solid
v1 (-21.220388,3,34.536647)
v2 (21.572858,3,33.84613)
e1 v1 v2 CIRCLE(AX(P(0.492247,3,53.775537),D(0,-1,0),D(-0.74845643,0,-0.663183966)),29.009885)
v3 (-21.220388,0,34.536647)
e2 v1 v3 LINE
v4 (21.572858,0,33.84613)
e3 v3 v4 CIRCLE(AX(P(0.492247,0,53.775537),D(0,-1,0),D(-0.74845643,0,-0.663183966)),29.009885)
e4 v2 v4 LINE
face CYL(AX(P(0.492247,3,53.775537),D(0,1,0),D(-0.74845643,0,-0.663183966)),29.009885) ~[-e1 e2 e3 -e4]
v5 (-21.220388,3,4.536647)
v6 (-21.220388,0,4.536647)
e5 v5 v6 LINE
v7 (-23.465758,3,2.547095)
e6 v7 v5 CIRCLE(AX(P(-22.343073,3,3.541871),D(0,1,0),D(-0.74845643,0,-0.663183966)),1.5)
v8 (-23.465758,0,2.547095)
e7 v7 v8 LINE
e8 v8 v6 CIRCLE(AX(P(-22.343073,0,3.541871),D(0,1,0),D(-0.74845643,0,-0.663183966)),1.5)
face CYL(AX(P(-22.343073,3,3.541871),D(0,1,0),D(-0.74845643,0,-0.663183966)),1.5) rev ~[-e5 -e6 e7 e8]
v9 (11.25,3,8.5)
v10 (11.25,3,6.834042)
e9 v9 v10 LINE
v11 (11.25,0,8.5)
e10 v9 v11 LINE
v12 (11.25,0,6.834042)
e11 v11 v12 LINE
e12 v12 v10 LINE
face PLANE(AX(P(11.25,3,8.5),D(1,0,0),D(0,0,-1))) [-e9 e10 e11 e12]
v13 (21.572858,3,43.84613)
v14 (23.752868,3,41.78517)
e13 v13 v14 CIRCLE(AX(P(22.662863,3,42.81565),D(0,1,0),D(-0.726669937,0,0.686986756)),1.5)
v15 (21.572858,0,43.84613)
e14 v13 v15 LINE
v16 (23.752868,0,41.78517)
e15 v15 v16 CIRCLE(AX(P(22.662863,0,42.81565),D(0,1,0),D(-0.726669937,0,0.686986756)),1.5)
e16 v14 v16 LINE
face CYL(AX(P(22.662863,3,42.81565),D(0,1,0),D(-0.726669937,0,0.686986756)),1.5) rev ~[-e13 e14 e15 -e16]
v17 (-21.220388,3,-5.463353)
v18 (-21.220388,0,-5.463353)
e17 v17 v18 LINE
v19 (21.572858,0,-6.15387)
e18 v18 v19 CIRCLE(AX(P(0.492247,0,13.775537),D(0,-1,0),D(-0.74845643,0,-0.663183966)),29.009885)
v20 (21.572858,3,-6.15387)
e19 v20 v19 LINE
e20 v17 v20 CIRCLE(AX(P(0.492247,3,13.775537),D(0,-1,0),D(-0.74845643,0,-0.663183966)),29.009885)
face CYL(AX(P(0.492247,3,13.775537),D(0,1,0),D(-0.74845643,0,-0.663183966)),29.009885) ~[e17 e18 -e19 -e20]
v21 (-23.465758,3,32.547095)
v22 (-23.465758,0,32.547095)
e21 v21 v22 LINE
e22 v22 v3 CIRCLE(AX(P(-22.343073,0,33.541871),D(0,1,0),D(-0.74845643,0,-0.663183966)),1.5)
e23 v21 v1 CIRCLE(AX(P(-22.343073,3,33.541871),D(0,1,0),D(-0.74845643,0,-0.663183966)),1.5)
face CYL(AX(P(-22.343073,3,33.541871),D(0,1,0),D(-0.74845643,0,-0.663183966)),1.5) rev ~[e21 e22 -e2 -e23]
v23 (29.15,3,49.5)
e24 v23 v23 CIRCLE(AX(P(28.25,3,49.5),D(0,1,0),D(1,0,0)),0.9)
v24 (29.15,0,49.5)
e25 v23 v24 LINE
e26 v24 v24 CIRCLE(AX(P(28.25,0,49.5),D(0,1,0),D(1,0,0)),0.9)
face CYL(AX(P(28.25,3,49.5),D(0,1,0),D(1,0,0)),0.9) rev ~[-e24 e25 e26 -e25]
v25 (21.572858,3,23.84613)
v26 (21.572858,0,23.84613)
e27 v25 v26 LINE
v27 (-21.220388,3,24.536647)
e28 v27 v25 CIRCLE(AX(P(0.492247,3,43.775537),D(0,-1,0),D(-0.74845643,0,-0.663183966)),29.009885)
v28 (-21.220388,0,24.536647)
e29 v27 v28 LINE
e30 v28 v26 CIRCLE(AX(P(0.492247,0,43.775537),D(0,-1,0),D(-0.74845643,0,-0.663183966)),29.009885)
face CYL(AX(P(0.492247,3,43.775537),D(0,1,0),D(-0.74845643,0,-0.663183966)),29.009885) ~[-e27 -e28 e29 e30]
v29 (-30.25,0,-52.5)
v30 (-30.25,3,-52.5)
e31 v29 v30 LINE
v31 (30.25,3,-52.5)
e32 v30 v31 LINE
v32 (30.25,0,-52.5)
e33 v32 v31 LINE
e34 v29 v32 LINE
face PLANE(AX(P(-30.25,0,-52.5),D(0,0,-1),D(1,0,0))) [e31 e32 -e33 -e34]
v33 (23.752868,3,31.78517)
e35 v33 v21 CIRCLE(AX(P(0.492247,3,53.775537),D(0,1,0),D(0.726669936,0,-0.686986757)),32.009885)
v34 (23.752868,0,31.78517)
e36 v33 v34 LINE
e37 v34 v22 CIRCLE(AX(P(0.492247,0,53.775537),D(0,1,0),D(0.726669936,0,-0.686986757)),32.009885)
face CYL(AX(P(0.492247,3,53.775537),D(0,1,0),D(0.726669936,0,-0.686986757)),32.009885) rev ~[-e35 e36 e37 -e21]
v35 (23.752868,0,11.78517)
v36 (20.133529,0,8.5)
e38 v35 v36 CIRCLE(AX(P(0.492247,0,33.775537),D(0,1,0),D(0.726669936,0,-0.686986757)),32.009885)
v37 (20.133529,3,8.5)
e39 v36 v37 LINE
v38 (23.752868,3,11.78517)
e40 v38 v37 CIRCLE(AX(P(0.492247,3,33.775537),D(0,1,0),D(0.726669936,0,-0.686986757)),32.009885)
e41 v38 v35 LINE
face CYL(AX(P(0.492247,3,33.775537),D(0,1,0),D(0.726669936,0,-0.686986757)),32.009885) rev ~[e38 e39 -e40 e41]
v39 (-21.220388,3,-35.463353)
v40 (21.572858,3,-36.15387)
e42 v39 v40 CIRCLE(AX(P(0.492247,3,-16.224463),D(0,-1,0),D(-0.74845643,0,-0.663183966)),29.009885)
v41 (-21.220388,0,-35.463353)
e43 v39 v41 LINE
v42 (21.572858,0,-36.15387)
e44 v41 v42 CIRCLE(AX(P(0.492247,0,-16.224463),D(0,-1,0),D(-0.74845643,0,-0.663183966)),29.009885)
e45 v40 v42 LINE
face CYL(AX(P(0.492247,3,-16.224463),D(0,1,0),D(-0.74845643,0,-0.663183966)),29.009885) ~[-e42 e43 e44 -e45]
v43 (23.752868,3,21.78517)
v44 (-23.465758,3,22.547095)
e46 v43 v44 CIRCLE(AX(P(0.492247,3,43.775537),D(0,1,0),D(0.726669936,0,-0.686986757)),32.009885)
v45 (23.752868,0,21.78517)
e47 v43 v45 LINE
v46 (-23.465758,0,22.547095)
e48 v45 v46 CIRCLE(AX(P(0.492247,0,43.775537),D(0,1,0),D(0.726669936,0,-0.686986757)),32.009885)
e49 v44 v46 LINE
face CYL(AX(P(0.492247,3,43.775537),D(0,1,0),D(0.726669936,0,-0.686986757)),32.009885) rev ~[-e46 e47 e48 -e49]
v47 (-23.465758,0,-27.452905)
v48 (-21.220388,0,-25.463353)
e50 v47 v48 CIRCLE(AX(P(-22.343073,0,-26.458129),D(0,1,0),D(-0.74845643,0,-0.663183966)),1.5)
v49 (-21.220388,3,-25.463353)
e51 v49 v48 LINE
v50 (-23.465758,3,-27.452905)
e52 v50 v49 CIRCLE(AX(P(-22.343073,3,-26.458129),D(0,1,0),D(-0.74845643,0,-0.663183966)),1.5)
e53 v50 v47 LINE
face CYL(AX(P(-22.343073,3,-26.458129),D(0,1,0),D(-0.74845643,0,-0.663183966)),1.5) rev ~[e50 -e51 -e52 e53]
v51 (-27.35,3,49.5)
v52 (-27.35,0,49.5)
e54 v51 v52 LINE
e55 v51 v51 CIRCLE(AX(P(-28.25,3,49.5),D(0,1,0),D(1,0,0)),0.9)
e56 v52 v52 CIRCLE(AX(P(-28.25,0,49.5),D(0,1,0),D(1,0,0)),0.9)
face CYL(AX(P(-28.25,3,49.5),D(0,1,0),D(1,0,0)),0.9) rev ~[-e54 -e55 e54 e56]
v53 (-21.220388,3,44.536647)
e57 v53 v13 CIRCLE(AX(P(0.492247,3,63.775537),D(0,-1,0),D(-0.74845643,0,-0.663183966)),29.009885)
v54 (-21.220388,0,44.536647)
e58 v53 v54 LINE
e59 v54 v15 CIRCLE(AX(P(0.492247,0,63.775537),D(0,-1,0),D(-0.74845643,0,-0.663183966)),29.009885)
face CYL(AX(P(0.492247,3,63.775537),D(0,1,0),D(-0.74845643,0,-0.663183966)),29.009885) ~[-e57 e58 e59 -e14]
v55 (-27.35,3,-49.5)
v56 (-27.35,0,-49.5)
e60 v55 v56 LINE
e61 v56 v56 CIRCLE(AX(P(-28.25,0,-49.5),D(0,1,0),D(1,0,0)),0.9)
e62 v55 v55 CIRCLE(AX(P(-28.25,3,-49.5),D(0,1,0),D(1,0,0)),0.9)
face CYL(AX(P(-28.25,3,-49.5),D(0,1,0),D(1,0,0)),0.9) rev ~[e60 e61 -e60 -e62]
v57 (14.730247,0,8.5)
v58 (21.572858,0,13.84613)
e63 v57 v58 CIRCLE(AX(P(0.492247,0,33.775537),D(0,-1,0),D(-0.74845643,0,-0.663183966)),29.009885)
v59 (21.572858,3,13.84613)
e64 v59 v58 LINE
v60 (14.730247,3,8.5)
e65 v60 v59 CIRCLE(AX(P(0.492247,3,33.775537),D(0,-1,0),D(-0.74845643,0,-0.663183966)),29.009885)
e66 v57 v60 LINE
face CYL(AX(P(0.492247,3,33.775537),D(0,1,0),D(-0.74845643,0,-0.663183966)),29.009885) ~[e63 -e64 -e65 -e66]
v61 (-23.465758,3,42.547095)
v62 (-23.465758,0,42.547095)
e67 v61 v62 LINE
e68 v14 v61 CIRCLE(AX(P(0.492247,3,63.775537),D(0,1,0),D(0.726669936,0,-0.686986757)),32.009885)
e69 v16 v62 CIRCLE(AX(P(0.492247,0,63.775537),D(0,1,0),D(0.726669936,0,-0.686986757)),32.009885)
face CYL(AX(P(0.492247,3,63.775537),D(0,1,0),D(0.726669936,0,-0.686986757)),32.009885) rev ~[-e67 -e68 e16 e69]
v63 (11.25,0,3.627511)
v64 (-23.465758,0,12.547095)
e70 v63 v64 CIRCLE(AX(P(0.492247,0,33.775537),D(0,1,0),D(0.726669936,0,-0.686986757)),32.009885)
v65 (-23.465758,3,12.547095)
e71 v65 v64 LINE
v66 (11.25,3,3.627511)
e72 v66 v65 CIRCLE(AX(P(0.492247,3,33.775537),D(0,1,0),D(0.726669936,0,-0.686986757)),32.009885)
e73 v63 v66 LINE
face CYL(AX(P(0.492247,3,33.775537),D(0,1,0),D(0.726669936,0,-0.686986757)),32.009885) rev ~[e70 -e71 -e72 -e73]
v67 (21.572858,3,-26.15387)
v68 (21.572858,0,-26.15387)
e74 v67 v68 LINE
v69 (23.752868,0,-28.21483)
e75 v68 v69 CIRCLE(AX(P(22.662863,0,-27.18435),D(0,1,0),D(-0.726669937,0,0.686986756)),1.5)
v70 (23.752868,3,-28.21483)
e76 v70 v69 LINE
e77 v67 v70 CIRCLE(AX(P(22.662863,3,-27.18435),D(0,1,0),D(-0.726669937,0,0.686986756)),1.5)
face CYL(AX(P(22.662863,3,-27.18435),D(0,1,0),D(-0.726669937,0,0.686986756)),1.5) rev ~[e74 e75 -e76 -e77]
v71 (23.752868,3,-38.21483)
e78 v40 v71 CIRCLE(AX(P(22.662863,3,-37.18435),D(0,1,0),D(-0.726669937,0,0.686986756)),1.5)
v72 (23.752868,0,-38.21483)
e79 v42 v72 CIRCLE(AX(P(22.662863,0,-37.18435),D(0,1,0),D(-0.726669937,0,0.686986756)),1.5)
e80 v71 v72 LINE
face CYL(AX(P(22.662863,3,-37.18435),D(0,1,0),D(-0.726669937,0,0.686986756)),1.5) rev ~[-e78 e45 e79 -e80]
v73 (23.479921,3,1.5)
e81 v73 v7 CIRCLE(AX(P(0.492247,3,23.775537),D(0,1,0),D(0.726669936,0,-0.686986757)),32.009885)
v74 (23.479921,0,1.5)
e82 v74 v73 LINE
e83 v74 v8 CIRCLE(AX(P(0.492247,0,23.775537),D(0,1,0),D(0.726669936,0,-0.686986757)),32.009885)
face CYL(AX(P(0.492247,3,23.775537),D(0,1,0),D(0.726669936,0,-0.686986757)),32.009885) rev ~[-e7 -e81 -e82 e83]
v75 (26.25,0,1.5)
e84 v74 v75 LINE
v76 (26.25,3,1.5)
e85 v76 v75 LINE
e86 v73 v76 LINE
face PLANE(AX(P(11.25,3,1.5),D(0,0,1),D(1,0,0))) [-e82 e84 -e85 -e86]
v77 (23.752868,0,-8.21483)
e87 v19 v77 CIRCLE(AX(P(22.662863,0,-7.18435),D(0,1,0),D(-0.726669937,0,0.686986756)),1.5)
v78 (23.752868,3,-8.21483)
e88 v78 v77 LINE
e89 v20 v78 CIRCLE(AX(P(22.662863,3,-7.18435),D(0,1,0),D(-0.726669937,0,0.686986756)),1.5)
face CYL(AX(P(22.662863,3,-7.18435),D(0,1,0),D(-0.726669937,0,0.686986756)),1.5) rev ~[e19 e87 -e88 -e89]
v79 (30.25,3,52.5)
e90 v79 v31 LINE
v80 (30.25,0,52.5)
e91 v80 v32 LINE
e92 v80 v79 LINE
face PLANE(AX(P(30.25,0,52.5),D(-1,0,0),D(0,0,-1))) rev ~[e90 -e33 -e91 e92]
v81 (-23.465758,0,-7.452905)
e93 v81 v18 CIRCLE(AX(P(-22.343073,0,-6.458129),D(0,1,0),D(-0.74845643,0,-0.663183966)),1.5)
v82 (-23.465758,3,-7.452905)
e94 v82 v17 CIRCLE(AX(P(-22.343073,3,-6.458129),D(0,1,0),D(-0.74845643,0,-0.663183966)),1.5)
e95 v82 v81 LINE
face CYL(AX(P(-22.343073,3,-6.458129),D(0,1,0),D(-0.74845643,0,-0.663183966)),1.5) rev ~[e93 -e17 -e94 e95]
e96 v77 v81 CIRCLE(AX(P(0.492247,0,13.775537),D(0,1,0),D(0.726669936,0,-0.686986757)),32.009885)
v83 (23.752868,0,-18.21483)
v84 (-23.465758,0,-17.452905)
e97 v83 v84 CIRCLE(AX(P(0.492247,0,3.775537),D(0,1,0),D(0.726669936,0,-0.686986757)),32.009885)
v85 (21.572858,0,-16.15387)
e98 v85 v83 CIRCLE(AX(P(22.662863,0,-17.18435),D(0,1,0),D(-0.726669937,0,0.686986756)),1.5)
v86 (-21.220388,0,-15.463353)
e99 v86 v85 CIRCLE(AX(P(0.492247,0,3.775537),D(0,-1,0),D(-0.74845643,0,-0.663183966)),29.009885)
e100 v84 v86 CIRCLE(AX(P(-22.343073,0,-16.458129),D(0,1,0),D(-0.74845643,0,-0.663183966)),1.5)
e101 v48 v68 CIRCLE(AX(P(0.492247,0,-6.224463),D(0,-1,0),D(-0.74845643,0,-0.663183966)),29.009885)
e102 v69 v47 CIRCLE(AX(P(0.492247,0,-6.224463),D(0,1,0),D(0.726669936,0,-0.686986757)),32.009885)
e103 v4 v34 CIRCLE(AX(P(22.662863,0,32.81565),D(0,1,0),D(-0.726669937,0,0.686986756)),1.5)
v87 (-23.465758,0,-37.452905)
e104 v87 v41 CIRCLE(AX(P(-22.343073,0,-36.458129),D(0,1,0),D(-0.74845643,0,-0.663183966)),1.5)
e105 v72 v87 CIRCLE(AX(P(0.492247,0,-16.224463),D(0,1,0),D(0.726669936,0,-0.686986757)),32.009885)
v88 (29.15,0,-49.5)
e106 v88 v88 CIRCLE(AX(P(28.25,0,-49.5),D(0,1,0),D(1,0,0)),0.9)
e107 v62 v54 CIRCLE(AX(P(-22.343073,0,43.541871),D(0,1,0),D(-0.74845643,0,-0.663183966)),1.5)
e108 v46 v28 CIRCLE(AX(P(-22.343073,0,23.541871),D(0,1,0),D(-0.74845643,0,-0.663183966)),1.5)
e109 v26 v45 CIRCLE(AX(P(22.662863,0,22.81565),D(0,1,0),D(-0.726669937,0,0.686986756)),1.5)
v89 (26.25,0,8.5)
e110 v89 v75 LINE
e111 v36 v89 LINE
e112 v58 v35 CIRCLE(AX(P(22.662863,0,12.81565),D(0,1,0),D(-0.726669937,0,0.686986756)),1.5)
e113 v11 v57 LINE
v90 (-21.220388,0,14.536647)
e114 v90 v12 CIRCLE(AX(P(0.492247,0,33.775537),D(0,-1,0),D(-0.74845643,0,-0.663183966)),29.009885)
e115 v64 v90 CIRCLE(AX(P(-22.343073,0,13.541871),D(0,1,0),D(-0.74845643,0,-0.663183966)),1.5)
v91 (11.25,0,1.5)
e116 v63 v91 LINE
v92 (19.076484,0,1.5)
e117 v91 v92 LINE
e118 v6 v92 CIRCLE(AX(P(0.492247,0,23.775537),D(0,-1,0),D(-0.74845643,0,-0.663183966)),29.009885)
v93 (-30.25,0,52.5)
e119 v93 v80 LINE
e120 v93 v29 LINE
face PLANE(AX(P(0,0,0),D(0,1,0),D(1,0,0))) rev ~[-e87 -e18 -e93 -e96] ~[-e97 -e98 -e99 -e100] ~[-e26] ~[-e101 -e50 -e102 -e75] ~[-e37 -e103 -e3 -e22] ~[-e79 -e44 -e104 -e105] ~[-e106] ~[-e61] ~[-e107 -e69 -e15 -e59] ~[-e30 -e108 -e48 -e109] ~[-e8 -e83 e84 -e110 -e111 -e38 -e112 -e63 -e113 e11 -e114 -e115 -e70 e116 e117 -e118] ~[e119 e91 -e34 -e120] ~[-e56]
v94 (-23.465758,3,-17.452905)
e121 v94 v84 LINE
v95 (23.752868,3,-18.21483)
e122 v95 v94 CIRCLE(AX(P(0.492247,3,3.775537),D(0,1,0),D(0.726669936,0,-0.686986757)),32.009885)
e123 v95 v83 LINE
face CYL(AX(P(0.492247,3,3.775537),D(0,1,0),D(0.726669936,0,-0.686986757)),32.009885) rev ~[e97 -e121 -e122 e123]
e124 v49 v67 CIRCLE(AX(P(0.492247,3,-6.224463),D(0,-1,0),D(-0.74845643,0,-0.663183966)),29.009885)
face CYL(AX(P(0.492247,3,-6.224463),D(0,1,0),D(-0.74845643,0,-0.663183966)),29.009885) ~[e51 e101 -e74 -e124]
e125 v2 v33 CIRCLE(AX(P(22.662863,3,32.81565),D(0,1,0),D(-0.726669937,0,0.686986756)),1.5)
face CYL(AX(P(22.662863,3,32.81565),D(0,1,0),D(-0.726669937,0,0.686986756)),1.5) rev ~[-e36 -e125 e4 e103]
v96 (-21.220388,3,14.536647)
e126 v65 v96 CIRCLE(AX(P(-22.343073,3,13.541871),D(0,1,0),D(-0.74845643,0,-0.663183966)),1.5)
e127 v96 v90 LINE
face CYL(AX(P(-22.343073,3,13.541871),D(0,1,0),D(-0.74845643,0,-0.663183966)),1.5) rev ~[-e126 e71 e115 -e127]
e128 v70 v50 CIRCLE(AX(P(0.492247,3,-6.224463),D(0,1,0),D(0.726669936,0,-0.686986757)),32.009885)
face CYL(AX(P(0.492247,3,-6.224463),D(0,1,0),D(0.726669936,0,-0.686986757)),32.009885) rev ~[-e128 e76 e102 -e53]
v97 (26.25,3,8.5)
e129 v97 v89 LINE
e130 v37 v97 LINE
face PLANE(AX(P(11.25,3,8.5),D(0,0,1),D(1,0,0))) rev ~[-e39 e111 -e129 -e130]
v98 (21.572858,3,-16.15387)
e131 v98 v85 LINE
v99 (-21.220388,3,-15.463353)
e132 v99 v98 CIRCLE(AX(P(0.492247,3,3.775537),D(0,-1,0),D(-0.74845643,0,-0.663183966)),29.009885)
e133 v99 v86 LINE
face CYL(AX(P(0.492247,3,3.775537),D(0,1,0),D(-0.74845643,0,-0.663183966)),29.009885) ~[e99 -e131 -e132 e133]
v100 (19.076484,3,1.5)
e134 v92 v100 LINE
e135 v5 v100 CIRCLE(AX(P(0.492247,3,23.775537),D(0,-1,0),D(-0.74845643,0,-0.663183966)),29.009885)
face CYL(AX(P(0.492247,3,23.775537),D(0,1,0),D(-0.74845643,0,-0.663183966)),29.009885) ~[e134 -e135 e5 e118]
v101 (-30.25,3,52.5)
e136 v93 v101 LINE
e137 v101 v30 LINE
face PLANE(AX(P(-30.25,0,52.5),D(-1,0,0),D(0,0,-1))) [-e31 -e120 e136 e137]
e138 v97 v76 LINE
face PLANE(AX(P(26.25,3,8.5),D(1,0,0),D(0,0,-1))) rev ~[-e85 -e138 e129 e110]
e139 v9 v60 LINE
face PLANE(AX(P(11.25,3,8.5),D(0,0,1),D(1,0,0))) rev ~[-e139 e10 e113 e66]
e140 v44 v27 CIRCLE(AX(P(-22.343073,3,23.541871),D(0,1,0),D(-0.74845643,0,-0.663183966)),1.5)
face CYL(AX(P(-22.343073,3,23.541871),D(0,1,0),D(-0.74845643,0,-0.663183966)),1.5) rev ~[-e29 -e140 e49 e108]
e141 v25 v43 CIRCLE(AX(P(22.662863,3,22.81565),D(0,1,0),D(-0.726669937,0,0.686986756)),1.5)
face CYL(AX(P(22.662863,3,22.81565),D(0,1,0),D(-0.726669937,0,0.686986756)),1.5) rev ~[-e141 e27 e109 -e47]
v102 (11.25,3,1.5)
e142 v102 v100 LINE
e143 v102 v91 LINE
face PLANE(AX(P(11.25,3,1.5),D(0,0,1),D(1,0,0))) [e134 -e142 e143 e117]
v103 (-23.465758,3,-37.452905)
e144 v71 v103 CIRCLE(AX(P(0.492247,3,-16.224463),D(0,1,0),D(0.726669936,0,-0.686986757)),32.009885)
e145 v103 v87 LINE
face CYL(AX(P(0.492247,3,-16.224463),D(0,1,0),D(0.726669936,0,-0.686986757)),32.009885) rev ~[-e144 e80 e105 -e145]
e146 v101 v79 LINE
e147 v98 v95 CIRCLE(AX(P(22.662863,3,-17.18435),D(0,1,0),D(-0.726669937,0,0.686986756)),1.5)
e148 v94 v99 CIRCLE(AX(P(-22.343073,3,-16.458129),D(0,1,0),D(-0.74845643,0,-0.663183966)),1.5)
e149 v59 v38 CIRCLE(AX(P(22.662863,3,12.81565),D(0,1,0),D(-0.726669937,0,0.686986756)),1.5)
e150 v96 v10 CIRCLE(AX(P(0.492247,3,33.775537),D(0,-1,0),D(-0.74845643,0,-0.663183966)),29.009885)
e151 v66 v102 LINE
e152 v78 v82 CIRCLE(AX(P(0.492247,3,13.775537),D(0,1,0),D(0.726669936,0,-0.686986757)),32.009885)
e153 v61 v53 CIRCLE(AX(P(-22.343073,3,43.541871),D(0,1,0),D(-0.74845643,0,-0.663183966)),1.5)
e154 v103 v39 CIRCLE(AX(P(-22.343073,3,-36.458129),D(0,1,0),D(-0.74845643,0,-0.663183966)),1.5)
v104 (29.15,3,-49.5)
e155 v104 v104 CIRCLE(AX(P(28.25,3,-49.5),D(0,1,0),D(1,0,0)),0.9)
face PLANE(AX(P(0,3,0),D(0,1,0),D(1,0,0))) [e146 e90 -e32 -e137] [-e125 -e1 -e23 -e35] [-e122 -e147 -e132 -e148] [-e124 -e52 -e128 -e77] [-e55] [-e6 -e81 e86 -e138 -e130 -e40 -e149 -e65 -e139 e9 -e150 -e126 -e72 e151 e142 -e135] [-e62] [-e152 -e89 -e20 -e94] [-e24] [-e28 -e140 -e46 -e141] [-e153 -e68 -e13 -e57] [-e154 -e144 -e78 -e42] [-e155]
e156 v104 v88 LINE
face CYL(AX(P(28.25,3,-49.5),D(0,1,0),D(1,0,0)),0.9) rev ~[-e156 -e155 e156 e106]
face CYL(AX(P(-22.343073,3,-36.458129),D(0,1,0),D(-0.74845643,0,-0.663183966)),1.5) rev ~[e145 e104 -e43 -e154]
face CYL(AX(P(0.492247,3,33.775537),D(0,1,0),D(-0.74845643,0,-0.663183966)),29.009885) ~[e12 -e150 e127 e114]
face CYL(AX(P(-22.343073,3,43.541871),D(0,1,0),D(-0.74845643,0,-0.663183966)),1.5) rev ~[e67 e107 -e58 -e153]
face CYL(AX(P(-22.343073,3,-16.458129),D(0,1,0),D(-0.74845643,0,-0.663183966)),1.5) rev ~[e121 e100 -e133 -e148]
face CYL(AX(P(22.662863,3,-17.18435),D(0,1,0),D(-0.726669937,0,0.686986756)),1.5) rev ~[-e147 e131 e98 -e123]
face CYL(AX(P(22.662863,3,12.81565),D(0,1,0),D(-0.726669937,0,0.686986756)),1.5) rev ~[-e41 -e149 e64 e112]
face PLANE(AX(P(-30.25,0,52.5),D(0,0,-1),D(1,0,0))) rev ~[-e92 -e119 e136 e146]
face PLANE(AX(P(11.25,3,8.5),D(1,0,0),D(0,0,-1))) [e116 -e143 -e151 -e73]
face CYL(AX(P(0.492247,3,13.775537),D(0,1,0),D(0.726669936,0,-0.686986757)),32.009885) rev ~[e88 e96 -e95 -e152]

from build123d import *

# Parameters (mm, degrees)
SKETCH1_W           = 60.5
SKETCH1_H           = 105
BOSS_EXTRUDE1_DEPTH = 3
SKETCH2_R           = 0.9
CUT_EXTRUDE1_DEPTH  = 3
SKETCH4_R           = 0.9
CUT_EXTRUDE2_DEPTH  = 3
SKETCH5_W           = 15
SKETCH5_H           = 7
CUT_EXTRUDE3_DEPTH  = 3
CUT_EXTRUDE4_DEPTH  = 3


with BuildPart() as part:
    # Sketch1 → Boss-Extrude1 (new body)
    with BuildSketch(Plane(origin=(0, 0, 0), x_dir=(1, 0, 0), z_dir=(0, 1, 0))):
        Rectangle(SKETCH1_W, SKETCH1_H)
    extrude(amount=BOSS_EXTRUDE1_DEPTH)

    # Sketch2 → Cut-Extrude1 (cut)
    with BuildSketch(Plane(origin=(0, 3, 0), x_dir=(1, 0, 0), z_dir=(0, 1, 0))):
        with Locations((-28.25, 49.5)):
            Circle(SKETCH2_R)
        with Locations((28.25, 49.5)):
            Circle(SKETCH2_R)
    extrude(amount=-CUT_EXTRUDE1_DEPTH, mode=Mode.SUBTRACT)

    # Sketch4 → Cut-Extrude2 (cut)
    with BuildSketch(Plane(origin=(0, 3, 0), x_dir=(1, 0, 0), z_dir=(0, 1, 0))):
        with Locations((-28.25, -49.5)):
            Circle(SKETCH4_R)
        with Locations((28.25, -49.5)):
            Circle(SKETCH4_R)
    extrude(amount=-CUT_EXTRUDE2_DEPTH, mode=Mode.SUBTRACT)

    # Sketch5 → Cut-Extrude3 (cut)
    with BuildSketch(Plane(origin=(0, 3, 0), x_dir=(1, 0, 0), z_dir=(0, 1, 0))):
        with Locations((18.75, -5)):
            Rectangle(SKETCH5_W, SKETCH5_H)
    extrude(amount=-CUT_EXTRUDE3_DEPTH, mode=Mode.SUBTRACT)

    # Sketch6 → Cut-Extrude4 (cut)
    with BuildSketch(Plane(origin=(0, 3, 0), x_dir=(1, 0, 0), z_dir=(0, 1, 0))):
        with BuildLine():
            ThreePointArc((23.75286773, 38.214829885), (-0.024201003, 48.23018139), (-23.465757765, 37.452905298))
            ThreePointArc((-23.465757765, 37.452905298), (-23.337849069, 35.335444704), (-21.220388476, 35.4633534))
            ThreePointArc((-21.220388476, 35.4633534), (0.024201003, 45.230571874), (21.572857921, 36.153869615))
            ThreePointArc((21.572857921, 36.153869615), (23.693342961, 36.094344845), (23.75286773, 38.214829885))
        make_face()
        with BuildLine():
            ThreePointArc((23.75286773, 28.214829885), (-0.024201003, 38.23018139), (-23.465757765, 27.452905298))
            ThreePointArc((-23.465757765, 27.452905298), (-23.337849069, 25.335444704), (-21.220388476, 25.4633534))
            ThreePointArc((-21.220388476, 25.4633534), (0.024201003, 35.230571874), (21.572857921, 26.153869615))
            ThreePointArc((21.572857921, 26.153869615), (23.693342961, 26.094344845), (23.75286773, 28.214829885))
        make_face()
        with BuildLine():
            ThreePointArc((23.75286773, 18.214829885), (-0.024201003, 28.23018139), (-23.465757765, 17.452905298))
            ThreePointArc((-23.465757765, 17.452905298), (-23.337849069, 15.335444704), (-21.220388476, 15.4633534))
            ThreePointArc((-21.220388476, 15.4633534), (0.024201003, 25.230571874), (21.572857921, 16.153869615))
            ThreePointArc((21.572857921, 16.153869615), (23.693342961, 16.094344845), (23.75286773, 18.214829885))
        make_face()
        with BuildLine():
            ThreePointArc((23.75286773, 8.214829885), (-0.024201003, 18.23018139), (-23.465757765, 7.452905298))
            ThreePointArc((-23.465757765, 7.452905298), (-23.337849069, 5.335444704), (-21.220388476, 5.4633534))
            ThreePointArc((-21.220388476, 5.4633534), (0.024201003, 15.230571874), (21.572857921, 6.153869615))
            ThreePointArc((21.572857921, 6.153869615), (23.693342961, 6.094344845), (23.75286773, 8.214829885))
        make_face()
        with BuildLine():
            ThreePointArc((23.75286773, -1.785170115), (-0.024201003, 8.23018139), (-23.465757765, -2.547094702))
            ThreePointArc((-23.465757765, -2.547094702), (-23.337849069, -4.664555296), (-21.220388476, -4.5366466))
            ThreePointArc((-21.220388476, -4.5366466), (0.024201003, 5.230571874), (21.572857921, -3.846130385))
            ThreePointArc((21.572857921, -3.846130385), (23.693342961, -3.905655155), (23.75286773, -1.785170115))
        make_face()
        with BuildLine():
            ThreePointArc((23.75286773, -11.785170115), (-0.024201003, -1.76981861), (-23.465757765, -12.547094702))
            ThreePointArc((-23.465757765, -12.547094702), (-23.337849069, -14.664555296), (-21.220388476, -14.5366466))
            ThreePointArc((-21.220388476, -14.5366466), (0.024201003, -4.769428126), (21.572857921, -13.846130385))
            ThreePointArc((21.572857921, -13.846130385), (23.693342961, -13.905655155), (23.75286773, -11.785170115))
        make_face()
        with BuildLine():
            ThreePointArc((23.75286773, -21.785170115), (-0.024201003, -11.76981861), (-23.465757765, -22.547094702))
            ThreePointArc((-23.465757765, -22.547094702), (-23.337849069, -24.664555296), (-21.220388476, -24.5366466))
            ThreePointArc((-21.220388476, -24.5366466), (0.024201003, -14.769428126), (21.572857921, -23.846130385))
            ThreePointArc((21.572857921, -23.846130385), (23.693342961, -23.905655155), (23.75286773, -21.785170115))
        make_face()
        with BuildLine():
            ThreePointArc((23.75286773, -31.785170115), (-0.024201003, -21.76981861), (-23.465757765, -32.547094702))
            ThreePointArc((-23.465757765, -32.547094702), (-23.337849069, -34.664555296), (-21.220388476, -34.5366466))
            ThreePointArc((-21.220388476, -34.5366466), (0.024201003, -24.769428126), (21.572857921, -33.846130385))
            ThreePointArc((21.572857921, -33.846130385), (23.693342961, -33.905655155), (23.75286773, -31.785170115))
        make_face()
        with BuildLine():
            ThreePointArc((23.75286773, -41.785170115), (-0.024201003, -31.76981861), (-23.465757765, -42.547094702))
            ThreePointArc((-23.465757765, -42.547094702), (-23.337849069, -44.664555296), (-21.220388476, -44.5366466))
            ThreePointArc((-21.220388476, -44.5366466), (0.024201003, -34.769428126), (21.572857921, -43.846130385))
            ThreePointArc((21.572857921, -43.846130385), (23.693342961, -43.905655155), (23.75286773, -41.785170115))
        make_face()
    extrude(amount=-CUT_EXTRUDE4_DEPTH, mode=Mode.SUBTRACT)


solid = part.part
